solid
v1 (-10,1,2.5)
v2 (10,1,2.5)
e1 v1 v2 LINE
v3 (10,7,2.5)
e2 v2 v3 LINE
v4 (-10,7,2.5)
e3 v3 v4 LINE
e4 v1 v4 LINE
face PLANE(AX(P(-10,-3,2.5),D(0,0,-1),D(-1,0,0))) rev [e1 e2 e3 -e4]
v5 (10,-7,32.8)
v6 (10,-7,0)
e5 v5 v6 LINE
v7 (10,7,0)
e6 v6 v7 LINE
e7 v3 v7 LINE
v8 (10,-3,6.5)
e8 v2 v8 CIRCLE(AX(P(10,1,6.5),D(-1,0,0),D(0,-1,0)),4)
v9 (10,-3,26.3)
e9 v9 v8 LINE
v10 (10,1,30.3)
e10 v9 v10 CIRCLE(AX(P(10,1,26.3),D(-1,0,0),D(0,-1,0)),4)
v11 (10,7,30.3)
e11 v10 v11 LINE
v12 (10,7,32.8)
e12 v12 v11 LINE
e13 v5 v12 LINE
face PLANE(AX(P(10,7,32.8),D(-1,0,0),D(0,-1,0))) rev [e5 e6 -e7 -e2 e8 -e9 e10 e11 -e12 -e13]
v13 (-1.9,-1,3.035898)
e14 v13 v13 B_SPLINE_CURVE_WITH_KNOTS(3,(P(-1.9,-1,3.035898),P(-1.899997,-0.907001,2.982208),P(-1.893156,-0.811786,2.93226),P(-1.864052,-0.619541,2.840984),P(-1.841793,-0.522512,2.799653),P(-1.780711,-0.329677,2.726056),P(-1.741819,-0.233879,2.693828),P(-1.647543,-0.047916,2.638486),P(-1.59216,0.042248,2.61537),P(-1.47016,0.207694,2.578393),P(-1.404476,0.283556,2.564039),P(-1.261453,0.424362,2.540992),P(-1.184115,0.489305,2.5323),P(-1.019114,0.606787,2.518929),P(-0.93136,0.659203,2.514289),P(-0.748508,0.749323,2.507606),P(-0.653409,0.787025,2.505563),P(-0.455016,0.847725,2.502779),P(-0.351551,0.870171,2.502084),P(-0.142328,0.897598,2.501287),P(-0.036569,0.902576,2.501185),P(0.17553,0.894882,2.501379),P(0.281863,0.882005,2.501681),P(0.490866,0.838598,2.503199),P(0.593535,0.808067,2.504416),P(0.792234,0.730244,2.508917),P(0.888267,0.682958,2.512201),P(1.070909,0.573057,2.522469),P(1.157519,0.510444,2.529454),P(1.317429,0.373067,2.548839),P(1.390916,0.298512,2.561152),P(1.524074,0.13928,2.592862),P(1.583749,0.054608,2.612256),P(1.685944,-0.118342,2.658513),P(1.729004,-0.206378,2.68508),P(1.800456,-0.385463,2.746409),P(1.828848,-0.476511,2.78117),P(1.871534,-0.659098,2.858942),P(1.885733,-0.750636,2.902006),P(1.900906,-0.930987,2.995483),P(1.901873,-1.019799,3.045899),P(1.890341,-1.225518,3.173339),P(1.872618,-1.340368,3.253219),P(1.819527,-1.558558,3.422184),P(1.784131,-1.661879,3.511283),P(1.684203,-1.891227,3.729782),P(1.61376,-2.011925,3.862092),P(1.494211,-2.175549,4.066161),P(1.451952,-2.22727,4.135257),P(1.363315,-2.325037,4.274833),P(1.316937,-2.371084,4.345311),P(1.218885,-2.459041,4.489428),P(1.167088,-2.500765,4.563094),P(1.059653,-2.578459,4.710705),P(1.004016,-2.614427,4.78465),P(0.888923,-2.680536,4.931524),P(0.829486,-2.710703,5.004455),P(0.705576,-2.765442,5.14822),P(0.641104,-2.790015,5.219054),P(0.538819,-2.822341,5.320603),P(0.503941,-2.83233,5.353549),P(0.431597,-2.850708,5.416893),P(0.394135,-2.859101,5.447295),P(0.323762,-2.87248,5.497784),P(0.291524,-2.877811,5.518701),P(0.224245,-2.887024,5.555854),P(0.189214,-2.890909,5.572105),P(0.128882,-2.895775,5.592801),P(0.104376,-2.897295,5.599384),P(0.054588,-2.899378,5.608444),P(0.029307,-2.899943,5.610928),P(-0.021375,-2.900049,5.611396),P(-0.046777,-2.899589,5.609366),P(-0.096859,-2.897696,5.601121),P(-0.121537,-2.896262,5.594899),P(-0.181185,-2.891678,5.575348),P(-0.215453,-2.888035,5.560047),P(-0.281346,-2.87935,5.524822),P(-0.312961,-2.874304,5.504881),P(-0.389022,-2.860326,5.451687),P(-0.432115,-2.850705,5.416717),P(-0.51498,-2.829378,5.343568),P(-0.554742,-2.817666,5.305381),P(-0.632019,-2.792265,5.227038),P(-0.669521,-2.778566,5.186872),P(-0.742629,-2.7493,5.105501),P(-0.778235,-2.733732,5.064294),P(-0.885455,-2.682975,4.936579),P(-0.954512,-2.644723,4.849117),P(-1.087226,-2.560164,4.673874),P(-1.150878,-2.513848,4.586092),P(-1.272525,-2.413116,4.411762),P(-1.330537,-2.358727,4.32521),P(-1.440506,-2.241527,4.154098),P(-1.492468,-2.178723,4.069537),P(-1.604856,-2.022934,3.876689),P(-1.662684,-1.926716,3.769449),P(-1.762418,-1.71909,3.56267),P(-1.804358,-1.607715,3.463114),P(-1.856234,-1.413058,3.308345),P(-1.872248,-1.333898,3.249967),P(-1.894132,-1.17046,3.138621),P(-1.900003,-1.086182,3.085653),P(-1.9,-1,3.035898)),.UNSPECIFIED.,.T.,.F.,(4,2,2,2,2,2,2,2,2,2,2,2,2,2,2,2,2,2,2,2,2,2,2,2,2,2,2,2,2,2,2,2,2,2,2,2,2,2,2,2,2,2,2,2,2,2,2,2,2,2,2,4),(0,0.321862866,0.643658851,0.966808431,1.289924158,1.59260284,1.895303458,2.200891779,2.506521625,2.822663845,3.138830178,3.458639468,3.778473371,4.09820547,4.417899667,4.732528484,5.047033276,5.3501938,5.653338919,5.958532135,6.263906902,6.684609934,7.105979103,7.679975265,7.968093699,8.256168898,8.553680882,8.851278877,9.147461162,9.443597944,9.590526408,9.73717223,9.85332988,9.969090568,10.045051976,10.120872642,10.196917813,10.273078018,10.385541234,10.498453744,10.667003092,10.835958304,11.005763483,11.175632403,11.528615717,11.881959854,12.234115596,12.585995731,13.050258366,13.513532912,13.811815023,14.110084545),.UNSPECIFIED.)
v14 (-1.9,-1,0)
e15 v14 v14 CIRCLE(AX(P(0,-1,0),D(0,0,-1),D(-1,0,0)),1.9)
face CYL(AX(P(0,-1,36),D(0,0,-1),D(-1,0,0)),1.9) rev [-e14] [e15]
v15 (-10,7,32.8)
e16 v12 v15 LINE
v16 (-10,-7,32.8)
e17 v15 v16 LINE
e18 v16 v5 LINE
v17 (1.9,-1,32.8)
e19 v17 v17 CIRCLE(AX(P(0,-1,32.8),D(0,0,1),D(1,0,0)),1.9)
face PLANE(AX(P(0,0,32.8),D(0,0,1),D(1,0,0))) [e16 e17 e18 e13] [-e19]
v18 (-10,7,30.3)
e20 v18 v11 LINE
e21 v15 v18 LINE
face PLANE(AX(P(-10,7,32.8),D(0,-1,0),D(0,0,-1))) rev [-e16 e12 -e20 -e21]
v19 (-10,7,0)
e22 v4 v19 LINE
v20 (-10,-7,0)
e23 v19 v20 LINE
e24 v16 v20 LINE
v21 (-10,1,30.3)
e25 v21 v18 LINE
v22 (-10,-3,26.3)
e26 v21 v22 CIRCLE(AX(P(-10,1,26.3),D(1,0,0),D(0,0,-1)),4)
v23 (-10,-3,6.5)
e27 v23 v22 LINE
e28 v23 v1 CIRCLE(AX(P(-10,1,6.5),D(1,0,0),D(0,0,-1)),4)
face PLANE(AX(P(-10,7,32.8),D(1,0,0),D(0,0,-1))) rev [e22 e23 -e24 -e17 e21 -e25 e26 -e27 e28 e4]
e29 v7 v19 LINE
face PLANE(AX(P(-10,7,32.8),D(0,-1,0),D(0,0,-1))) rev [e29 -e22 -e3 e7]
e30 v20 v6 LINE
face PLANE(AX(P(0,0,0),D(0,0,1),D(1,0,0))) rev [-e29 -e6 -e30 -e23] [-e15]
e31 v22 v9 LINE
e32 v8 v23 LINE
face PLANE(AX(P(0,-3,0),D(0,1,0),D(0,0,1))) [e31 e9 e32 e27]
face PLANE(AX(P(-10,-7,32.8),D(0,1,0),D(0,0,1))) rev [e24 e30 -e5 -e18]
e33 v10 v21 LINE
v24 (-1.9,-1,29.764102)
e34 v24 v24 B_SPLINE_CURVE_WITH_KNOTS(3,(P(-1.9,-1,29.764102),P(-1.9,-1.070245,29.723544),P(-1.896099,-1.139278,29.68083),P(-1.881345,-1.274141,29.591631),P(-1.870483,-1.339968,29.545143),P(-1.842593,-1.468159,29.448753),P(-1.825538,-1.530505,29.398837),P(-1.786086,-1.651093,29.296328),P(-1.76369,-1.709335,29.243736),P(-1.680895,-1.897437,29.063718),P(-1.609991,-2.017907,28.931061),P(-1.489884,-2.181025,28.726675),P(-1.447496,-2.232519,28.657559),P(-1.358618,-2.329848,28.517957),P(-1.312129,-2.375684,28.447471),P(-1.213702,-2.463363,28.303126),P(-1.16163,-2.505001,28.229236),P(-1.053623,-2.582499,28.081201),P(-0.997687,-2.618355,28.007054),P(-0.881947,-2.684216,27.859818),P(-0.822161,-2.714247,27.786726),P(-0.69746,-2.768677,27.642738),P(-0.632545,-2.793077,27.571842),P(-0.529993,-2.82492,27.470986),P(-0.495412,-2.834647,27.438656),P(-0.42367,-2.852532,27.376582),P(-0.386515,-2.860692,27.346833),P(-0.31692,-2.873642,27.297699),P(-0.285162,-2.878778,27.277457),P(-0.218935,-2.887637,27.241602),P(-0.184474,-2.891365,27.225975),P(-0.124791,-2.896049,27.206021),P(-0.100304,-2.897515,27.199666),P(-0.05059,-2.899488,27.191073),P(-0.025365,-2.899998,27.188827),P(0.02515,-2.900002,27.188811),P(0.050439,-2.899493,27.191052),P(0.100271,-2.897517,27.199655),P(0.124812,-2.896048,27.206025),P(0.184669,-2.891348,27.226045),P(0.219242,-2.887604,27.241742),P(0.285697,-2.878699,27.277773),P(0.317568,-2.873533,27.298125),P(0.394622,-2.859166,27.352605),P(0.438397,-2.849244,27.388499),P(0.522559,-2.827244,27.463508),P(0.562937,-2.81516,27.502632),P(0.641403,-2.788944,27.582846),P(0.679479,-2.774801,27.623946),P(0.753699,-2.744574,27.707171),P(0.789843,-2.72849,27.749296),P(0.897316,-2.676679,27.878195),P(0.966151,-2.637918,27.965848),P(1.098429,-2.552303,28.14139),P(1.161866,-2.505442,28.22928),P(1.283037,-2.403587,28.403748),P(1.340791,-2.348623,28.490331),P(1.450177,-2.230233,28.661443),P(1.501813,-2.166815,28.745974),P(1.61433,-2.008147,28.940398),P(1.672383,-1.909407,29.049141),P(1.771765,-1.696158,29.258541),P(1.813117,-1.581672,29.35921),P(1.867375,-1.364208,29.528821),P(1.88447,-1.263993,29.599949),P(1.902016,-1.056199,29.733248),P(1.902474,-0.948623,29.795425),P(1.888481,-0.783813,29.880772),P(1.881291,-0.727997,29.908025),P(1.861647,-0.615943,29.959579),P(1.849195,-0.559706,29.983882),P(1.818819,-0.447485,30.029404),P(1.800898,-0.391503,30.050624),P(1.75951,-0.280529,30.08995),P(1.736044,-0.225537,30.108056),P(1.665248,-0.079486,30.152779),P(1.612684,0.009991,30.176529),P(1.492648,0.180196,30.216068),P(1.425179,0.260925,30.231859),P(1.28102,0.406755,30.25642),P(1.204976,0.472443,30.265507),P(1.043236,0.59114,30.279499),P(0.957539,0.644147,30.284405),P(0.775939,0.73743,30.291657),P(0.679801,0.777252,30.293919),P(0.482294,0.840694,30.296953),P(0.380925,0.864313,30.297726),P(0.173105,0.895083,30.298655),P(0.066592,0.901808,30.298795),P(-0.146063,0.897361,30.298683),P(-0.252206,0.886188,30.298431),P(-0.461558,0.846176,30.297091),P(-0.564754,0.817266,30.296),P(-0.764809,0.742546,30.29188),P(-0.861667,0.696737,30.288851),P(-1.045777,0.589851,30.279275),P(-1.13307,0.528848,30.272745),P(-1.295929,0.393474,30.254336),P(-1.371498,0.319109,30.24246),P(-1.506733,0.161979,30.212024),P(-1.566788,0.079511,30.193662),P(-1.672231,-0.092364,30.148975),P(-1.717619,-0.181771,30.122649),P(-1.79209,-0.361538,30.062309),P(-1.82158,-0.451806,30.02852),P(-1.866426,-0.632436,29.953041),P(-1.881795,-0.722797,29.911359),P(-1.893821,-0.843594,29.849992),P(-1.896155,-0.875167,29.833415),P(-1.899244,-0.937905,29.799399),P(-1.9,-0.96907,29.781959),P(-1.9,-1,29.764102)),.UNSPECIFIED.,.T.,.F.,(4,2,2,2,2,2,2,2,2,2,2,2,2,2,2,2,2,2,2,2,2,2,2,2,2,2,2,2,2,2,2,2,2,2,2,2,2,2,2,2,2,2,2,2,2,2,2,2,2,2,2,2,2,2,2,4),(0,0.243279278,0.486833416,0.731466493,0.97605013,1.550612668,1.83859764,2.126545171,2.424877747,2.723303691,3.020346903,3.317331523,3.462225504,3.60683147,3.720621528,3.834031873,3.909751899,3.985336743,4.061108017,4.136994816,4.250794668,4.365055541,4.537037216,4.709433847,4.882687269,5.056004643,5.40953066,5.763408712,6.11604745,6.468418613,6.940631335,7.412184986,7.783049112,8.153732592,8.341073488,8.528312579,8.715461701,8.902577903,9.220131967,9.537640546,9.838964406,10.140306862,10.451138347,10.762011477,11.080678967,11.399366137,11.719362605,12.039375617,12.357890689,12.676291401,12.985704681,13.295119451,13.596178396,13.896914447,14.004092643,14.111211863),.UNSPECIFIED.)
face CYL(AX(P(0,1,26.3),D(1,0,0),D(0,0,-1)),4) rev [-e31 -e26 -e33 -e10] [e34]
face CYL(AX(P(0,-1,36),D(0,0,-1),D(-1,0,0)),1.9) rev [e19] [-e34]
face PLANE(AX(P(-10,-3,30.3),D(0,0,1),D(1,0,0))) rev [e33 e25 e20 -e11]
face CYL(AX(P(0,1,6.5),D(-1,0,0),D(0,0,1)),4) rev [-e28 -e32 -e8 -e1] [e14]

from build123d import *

# Parameters (mm, degrees)
CROQUIS1_W              = 20
CROQUIS1_H              = 14
SALIENTE_EXTRUIR1_DEPTH = 32.8
CROQUIS2_W              = 20
CROQUIS2_H              = 27.8
CORTAR_EXTRUIR2_DEPTH   = 10
REDONDEO1_R             = 4
CROQUIS3_R              = 1.9
CORTAR_EXTRUIR3_DEPTH   = 36


with BuildPart() as part:
    # Croquis1 → Saliente-Extruir1 (new body)
    with BuildSketch(Plane.XY):
        Rectangle(CROQUIS1_W, CROQUIS1_H)
    extrude(amount=SALIENTE_EXTRUIR1_DEPTH)

    # Croquis2 → Cortar-Extruir2 (cut)
    with BuildSketch(Plane(origin=(0, 7, 0), x_dir=(1, 0, 0), z_dir=(0, 1, 0))):
        with Locations((0, -16.4)):
            Rectangle(CROQUIS2_W, CROQUIS2_H)
    extrude(amount=-CORTAR_EXTRUIR2_DEPTH, mode=Mode.SUBTRACT)

    # Redondeo1
    redondeo1_edges = [part.edges().sort_by_distance(p)[0] for p in [
        (0, -3, 2.5),
        (0, -3, 30.3),
    ]]
    fillet(redondeo1_edges, radius=REDONDEO1_R)

    # Croquis3 → Cortar-Extruir3 (cut)
    with BuildSketch(Plane(origin=(0, 0, 0), x_dir=(-1, 0, 0), z_dir=(0, 0, -1))):
        with Locations((0, -1)):
            Circle(CROQUIS3_R)
    extrude(amount=-CORTAR_EXTRUIR3_DEPTH, mode=Mode.SUBTRACT)


solid = part.part
